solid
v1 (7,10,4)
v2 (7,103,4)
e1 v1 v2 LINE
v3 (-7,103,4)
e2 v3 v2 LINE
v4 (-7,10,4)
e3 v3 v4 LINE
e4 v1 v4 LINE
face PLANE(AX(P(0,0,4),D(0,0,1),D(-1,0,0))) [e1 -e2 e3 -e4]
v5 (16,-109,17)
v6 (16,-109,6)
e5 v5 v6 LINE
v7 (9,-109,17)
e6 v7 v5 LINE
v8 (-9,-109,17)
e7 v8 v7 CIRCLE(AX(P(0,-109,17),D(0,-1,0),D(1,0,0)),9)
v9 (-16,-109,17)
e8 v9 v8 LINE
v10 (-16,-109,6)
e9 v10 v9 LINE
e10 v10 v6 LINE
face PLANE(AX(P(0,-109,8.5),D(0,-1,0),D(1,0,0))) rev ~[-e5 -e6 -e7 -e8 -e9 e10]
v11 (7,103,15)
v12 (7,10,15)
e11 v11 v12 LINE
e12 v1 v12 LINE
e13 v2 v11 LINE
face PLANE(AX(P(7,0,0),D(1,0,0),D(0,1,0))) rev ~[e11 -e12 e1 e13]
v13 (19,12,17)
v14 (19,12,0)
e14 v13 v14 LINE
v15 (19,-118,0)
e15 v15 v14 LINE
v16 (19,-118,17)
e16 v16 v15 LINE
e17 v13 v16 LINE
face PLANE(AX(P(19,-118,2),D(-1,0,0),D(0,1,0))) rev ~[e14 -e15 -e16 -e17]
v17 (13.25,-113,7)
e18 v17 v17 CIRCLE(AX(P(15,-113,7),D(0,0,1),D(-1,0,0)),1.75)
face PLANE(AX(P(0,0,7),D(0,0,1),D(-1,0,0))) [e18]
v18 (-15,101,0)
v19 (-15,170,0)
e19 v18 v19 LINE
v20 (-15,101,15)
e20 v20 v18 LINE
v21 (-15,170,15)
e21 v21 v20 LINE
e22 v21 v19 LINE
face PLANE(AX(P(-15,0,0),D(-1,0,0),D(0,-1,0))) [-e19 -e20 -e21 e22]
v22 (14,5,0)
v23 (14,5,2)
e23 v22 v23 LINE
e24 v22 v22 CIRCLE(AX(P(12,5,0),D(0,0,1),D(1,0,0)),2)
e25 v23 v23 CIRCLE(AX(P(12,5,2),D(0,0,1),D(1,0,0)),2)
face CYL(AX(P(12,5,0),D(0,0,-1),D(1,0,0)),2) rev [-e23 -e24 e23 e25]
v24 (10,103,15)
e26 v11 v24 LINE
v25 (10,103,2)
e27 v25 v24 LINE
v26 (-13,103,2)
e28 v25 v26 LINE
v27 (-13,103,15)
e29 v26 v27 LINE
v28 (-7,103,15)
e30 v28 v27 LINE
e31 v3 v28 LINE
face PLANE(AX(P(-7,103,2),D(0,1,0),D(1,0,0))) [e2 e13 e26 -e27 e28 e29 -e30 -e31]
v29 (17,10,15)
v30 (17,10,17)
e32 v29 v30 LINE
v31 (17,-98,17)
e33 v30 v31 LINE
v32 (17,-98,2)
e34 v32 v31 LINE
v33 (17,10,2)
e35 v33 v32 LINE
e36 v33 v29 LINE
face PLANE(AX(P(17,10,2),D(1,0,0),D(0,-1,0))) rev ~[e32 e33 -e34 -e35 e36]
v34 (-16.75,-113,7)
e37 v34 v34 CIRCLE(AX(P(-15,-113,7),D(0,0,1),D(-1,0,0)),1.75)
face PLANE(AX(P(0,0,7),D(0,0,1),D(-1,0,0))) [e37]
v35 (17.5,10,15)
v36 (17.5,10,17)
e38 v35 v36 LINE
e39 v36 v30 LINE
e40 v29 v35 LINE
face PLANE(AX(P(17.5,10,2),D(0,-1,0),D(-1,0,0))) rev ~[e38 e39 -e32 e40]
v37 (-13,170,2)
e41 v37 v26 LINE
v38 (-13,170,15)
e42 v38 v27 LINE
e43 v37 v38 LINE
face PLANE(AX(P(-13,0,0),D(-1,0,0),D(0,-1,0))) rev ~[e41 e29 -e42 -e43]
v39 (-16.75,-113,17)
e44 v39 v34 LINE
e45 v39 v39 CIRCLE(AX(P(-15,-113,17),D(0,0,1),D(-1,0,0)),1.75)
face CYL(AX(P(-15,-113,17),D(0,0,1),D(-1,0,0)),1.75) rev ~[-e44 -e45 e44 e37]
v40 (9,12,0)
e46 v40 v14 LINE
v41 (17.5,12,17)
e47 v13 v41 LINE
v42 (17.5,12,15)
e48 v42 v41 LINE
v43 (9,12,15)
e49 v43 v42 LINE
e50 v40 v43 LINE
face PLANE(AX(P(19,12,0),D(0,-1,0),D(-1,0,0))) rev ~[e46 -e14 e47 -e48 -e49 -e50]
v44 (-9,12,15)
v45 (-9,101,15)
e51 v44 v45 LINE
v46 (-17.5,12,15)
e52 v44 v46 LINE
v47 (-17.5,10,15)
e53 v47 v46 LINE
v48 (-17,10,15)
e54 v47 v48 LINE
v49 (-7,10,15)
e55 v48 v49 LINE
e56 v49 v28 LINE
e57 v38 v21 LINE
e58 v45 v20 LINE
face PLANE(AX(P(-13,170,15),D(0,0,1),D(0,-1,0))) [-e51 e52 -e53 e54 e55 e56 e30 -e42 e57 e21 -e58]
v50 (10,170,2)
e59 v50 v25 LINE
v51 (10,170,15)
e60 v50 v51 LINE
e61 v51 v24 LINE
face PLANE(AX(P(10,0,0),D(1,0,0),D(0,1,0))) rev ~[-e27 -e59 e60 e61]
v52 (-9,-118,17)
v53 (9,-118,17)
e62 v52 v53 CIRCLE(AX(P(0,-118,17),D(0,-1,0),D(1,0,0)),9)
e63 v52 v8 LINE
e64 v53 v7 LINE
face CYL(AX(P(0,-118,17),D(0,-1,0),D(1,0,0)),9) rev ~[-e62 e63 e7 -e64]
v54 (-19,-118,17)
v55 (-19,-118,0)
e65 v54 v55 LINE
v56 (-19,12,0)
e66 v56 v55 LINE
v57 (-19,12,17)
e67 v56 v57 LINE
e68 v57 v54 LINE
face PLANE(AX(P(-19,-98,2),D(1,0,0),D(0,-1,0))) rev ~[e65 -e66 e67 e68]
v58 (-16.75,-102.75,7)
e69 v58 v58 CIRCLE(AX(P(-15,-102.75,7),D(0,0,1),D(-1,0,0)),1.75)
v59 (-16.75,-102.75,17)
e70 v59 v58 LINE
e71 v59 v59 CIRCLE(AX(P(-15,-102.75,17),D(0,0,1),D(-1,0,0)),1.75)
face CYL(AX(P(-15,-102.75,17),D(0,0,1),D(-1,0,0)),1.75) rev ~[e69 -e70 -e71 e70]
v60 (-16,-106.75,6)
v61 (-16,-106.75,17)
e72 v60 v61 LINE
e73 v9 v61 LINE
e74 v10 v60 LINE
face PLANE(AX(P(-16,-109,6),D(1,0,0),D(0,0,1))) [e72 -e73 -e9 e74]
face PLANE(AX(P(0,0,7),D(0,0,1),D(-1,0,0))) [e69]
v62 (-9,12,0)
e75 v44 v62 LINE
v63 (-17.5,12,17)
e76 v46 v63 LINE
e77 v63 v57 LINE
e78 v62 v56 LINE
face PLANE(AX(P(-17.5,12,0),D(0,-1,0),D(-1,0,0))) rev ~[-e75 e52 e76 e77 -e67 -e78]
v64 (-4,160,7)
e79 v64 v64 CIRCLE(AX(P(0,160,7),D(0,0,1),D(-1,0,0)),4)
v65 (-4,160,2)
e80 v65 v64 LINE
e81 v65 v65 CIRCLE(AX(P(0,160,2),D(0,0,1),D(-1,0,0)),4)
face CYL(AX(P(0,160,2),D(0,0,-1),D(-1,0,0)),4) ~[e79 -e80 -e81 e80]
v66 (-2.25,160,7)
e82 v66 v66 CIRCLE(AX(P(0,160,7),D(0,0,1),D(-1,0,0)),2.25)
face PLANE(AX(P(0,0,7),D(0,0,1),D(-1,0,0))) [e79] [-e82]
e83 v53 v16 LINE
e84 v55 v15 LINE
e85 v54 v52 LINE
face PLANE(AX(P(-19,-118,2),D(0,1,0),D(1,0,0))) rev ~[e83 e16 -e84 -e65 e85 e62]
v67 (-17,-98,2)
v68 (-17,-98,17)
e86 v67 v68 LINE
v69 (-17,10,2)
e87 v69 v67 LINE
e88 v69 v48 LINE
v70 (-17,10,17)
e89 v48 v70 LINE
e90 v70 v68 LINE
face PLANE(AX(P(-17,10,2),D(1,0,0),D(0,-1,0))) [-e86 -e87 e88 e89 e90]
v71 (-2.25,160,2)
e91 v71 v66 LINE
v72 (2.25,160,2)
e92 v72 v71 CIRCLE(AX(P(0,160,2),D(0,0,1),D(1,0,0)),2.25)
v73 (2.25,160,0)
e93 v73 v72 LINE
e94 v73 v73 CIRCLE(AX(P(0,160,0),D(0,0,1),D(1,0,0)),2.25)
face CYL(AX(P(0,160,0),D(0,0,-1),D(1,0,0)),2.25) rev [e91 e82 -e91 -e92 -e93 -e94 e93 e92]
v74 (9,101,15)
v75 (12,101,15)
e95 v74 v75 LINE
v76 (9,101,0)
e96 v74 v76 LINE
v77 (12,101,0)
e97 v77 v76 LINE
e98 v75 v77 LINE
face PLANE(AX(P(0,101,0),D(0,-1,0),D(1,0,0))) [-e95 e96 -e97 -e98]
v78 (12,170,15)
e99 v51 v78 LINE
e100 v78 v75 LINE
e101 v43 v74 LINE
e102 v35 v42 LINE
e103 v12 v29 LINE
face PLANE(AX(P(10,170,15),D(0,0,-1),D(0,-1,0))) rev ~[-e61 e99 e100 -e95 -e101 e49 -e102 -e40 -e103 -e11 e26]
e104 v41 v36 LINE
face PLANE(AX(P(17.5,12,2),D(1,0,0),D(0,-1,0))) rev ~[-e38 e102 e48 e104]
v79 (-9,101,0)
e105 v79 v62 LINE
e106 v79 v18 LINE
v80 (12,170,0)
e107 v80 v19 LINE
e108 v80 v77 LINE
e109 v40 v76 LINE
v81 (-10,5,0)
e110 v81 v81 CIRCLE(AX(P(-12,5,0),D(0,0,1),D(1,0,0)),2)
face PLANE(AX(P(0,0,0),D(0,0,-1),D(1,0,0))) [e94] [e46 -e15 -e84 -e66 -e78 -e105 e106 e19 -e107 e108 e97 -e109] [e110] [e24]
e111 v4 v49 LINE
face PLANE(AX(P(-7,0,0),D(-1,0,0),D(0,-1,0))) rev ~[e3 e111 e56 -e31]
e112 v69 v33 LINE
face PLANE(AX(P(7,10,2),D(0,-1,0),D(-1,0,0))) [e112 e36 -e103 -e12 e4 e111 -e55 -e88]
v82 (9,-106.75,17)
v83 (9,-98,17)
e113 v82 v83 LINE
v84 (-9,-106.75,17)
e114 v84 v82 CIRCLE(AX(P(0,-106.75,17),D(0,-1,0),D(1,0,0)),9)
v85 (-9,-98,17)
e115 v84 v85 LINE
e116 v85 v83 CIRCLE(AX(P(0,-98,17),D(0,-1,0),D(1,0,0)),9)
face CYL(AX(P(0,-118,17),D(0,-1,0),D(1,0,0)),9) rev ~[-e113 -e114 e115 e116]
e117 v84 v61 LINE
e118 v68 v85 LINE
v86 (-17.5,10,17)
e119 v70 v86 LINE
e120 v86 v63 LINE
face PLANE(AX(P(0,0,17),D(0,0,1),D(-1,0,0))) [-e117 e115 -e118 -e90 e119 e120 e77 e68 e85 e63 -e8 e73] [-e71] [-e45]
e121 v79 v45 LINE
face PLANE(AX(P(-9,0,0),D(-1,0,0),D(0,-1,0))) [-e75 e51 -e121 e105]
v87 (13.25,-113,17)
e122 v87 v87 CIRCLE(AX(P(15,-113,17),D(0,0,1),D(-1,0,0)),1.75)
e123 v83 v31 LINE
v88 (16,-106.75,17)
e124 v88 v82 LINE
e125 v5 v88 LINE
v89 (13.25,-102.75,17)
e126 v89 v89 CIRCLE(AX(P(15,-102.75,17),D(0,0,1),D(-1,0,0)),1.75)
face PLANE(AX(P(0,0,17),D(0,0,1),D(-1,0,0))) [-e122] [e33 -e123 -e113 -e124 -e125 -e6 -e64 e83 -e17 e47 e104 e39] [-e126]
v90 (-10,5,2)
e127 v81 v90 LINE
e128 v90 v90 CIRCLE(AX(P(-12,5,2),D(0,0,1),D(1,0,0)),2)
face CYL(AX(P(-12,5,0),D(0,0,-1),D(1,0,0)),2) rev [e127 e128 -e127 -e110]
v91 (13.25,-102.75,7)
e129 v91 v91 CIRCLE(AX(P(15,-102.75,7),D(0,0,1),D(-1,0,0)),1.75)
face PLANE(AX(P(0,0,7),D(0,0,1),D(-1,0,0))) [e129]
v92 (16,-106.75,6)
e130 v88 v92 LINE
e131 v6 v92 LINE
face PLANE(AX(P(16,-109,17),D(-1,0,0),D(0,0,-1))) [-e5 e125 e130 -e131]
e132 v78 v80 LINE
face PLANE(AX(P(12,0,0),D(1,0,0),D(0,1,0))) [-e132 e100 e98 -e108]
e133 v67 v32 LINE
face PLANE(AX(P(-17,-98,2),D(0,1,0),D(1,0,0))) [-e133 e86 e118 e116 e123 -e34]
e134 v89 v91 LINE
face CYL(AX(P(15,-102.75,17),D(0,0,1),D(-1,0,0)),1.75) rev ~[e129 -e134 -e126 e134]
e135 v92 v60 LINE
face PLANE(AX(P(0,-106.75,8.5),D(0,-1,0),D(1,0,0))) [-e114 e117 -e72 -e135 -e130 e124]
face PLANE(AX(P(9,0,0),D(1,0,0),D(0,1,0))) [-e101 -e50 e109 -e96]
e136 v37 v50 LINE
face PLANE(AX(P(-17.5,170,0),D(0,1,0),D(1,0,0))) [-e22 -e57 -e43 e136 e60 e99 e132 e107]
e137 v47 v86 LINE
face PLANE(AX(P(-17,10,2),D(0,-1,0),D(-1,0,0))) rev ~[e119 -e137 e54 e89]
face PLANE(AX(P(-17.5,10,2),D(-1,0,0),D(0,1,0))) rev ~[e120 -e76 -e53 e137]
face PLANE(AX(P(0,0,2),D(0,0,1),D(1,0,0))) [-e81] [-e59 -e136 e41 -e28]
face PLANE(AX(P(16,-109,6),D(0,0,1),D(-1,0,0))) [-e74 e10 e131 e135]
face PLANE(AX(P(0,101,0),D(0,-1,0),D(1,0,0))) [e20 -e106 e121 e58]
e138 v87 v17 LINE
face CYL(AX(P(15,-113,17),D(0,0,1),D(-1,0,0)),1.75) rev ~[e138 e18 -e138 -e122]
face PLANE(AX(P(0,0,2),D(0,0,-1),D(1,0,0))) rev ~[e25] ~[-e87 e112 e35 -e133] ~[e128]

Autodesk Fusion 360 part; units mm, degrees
sketch "スケッチ1" plane through (0, 0, 0) normal (0, 0, 1) x (1, 0, 0)
  line L0 (-17.5, 170) -> (17.5, 170)
  line L1 (17.5, 170) -> (17.5, 0)
  line L2 (17.5, 0) -> (-17.5, 0)
  line L3 (-17.5, 0) -> (-17.5, 170)
  circle A0 centre (12, 5) radius 2
  circle A1 centre (-12, 5) radius 2
  line L4 (12, 5) -> (-12, 5) construction
  circle A2 centre (0, 160) radius 2.25
  dimension "d1" = 170
  dimension "d2" = 35
  dimension "d3" = 4
  dimension "d4" = 4
  dimension "d5" = 24
  dimension "d6" = 5
  dimension "d7" = 5.5
  dimension "d8" = 4.5
  dimension "d9" = 155
extrude "押し出し1" add sketch "スケッチ1" along normal blind 2 makes body 1
sketch "スケッチ2" plane through (0, 0, 2) normal (0, 0, 1) x (-1, 0, 0)
  circle A0 centre (-12, -5) radius 2
  circle A1 centre (0, -160) radius 2.25
  circle A2 centre (12, -5) radius 2
  line L0 (17.5, 0) -> (-17.5, 0)
  line L1 (-17.5, 0) -> (-17.5, -170)
  line L2 (-17.5, -170) -> (17.5, -170)
  line L3 (17.5, -170) -> (17.5, 0)
  line L4 (-7, -170) -> (-17.5, -170)
  line L5 (-17.5, -170) -> (-17.5, -10)
  line L6 (-17.5, -10) -> (-7, -10)
  line L7 (-7, -10) -> (-7, -170)
  line L8 (17.5, -170) -> (7, -170)
  line L9 (7, -170) -> (7, -10)
  line L10 (7, -10) -> (17.5, -10)
  line L11 (17.5, -10) -> (17.5, -170)
  dimension "d12" = 10.5
  dimension "d13" = 10
  dimension "d14" = 10.5
  dimension "d15" = 10
extrude "押し出し2" cut sketch "スケッチ2" against normal blind 2 contours L2 L3 L8 L9 L10 L11 | L1 L2 L4 L5 L6 L7 bodies 1
sketch "スケッチ3" plane through (7, 0, 0) normal (1, 0, 0) x (0, 1, 0)
  line L0 (170, 2) -> (10, 2)
  line L1 (10, 2) -> (10, 0)
  line L2 (10, 0) -> (170, 0)
  line L3 (170, 0) -> (170, 2)
  line L4 (10, 15) -> (103, 15)
  line L5 (103, 15) -> (103, 0)
  line L6 (103, 0) -> (10, 0)
  line L7 (10, 0) -> (10, 15)
  dimension "d18" = 15
  dimension "d19" = 93
extrude "押し出し3" add sketch "スケッチ3" along normal blind 2 separate body contours L0 L1 L2 L5 L6 L7 | L0 L4 L5 L7 makes body 2
sketch "スケッチ4" plane through (-7, 0, 0) normal (-1, 0, 0) x (0, -1, 0)
  line L0 (-10, 2) -> (-170, 2)
  line L1 (-170, 2) -> (-170, 0)
  line L2 (-170, 0) -> (-10, 0)
  line L3 (-10, 0) -> (-10, 2)
  line L4 (-10, 15) -> (-103, 15)
  line L5 (-103, 15) -> (-103, 0)
  line L6 (-103, 0) -> (-10, 0)
  line L7 (-10, 0) -> (-10, 15)
  line L8 (-103, 15) -> (-103, 0)
  line L9 (-10, 0) -> (-10, 15)
  line L10 (-10, 15) -> (-103, 15)
extrude "押し出し4" add sketch "スケッチ4" along normal blind 2 separate body contours L0 L2 L3 L5 L6 L7 L8 L9 | L0 L4 L5 L7 L8 L9 L10 makes body 3
sketch "スケッチ5" plane through (0, 0, 2) normal (0, 0, 1) x (-1, 0, 0)
  line L0 (7, -170) -> (7, -10)
  line L1 (7, -10) -> (17.5, -10)
  line L2 (17.5, -10) -> (17.5, 0)
  line L3 (17.5, 0) -> (-17.5, 0)
  line L4 (-17.5, 0) -> (-17.5, -10)
  line L5 (-17.5, -10) -> (-7, -10)
  line L6 (-7, -10) -> (-7, -170)
  line L7 (-7, -170) -> (7, -170)
  circle A0 centre (12, -5) radius 2
  circle A1 centre (0, -160) radius 2.25
  circle A2 centre (-12, -5) radius 2
  line L8 (-7, -170) -> (-10, -170)
  line L9 (-10, -170) -> (-10, -103)
  line L10 (-10, -103) -> (-7, -103)
  line L11 (-7, -103) -> (-7, -170)
  line L12 (-7, -103) -> (-9, -103)
  line L13 (7, -170) -> (13, -170)
  line L14 (13, -170) -> (13, -103)
  line L15 (13, -103) -> (7, -103)
  line L16 (7, -103) -> (7, -170)
  line L17 (7, -103) -> (9, -103)
  dimension "d24" = 3
  dimension "d25" = 6
extrude "押し出し5" add sketch "スケッチ5" against normal blind 2 contours L0 L13 L14 L15 L16 L17 | L6 L8 L9 L10 L11 L12 bodies 1 2 3
sketch "スケッチ10" plane through (-13, 0, 0) normal (-1, 0, 0) x (0, -1, 0)
  line L0 (-103, 2) -> (-170, 2)
  line L1 (-170, 2) -> (-170, 0)
  line L2 (-170, 0) -> (-103, 0)
  line L3 (-103, 0) -> (-103, 2)
  line L4 (-103, 0) -> (-170, 0)
  line L5 (-170, 0) -> (-170, 15)
  line L6 (-170, 15) -> (-103, 15)
  line L7 (-103, 15) -> (-103, 0)
  point P0 (-103, 15)
extrude "押し出し8" add sketch "スケッチ10" along normal blind 2 separate body makes body 4
sketch "スケッチ11" plane through (10, 0, 0) normal (1, 0, 0) x (0, 1, 0)
  line L0 (170, 2) -> (103, 2)
  line L1 (103, 2) -> (103, 0)
  line L2 (103, 0) -> (170, 0)
  line L3 (170, 0) -> (170, 2)
  line L4 (103, 0) -> (170, 0)
  line L5 (170, 0) -> (170, 15)
  line L6 (170, 15) -> (103, 15)
  line L7 (103, 15) -> (103, 0)
  line L8 (103, 15) -> (10, 15)
extrude "押し出し9" add sketch "スケッチ11" along normal blind 2 separate body makes body 5
sketch "スケッチ12" plane through (0, 103, 0) normal (0, -1, 0) x (1, 0, 0)
  line L0 (-13, 0) -> (-13, 15)
  line L1 (-13, 15) -> (-15, 15)
  line L2 (-15, 15) -> (-15, 0)
  line L3 (-15, 0) -> (-13, 0)
  line L4 (-15, 15) -> (-7, 15)
  line L5 (-7, 15) -> (-7, 0)
  line L6 (-7, 0) -> (-15, 0)
  line L7 (-15, 0) -> (-15, 15)
  line L8 (-7, 2) -> (-7, 15)
  line L9 (17.5, 0) -> (-17.5, 0)
  line L10 (7, 15) -> (12, 15)
  line L11 (12, 15) -> (12, 0)
  line L12 (12, 0) -> (7, 0)
  line L13 (7, 0) -> (7, 15)
  line L14 (12, 15) -> (12, 0)
  line L15 (7, 2) -> (7, 15)
  line L16 (10, 15) -> (12, 15)
extrude "押し出し10" add sketch "スケッチ12" along normal blind 2 bodies 1 4 5
sketch "スケッチ13" plane through (0, 10, 0) normal (0, 1, 0) x (-1, 0, 0)
  line L0 (-9, 0) -> (-9, 2)
  line L1 (-9, 2) -> (-17.5, 2)
  line L2 (-17.5, 2) -> (-17.5, 0)
  line L3 (-17.5, 0) -> (-9, 0)
  line L4 (-17.5, 0) -> (-7, 0)
  line L5 (-7, 0) -> (-7, 15)
  line L6 (-7, 15) -> (-17.5, 15)
  line L7 (-17.5, 15) -> (-17.5, 0)
  line L8 (7, 15) -> (17.5, 15)
  line L9 (17.5, 15) -> (17.5, 0)
  line L10 (17.5, 0) -> (7, 0)
  line L11 (7, 0) -> (7, 15)
  point P0 (-7, 15)
  point P1 (7, 15)
  point P2 (17.5, 0)
extrude "押し出し11" add sketch "スケッチ13" along normal blind 2 bodies 1
sketch "スケッチ14" plane through (0, 0, 2) normal (0, 0, 1) x (-1, 0, 0)
  line L0 (7, -103) -> (7, -10)
  line L1 (7, -10) -> (17.5, -10)
  line L2 (17.5, -10) -> (17.5, 0)
  line L3 (17.5, 0) -> (-17.5, 0)
  line L4 (-17.5, 0) -> (-17.5, -10)
  line L5 (-17.5, -10) -> (-7, -10)
  line L6 (-7, -10) -> (-7, -103)
  line L7 (-7, -103) -> (-10, -103)
  line L8 (-10, -103) -> (-10, -170)
  line L9 (-10, -170) -> (13, -170)
  line L10 (13, -170) -> (13, -103)
  line L11 (13, -103) -> (7, -103)
  circle A0 centre (12, -5) radius 2
  circle A1 centre (0, -160) radius 2.25
  circle A2 centre (-12, -5) radius 2
  line L12 (7, -103) -> (-7, -103)
  line L13 (-7, -103) -> (-7, -10)
  line L14 (-7, -10) -> (7, -10)
  line L15 (7, -10) -> (7, -103)
extrude "押し出し12" add sketch "スケッチ14" along normal blind 2 contours L0 L6 L12 L13 L14 L15 bodies 1
sketch "スケッチ15" plane through (0, 0, 2) normal (0, 0, 1) x (-1, 0, 0)
  circle A0 centre (0, -160) radius 2.25
  line L0 (13, -103) -> (-10, -103)
  line L1 (-10, -103) -> (-10, -170)
  line L2 (-10, -170) -> (13, -170)
  line L3 (13, -170) -> (13, -103)
  circle A1 centre (0, -160) radius 4
  dimension "d43" = 8
extrude "押し出し13" add sketch "スケッチ15" along normal blind 5 contours A1 bodies 1
sketch "スケッチ19" plane through (0, 0, 0) normal (0, 0, -1) x (1, 0, 0)
  line L0 (-9, -12) -> (-9, -101)
  line L1 (-9, -101) -> (-15, -101)
  line L2 (-15, -101) -> (-15, -170)
  line L3 (-15, -170) -> (12, -170)
  line L4 (12, -170) -> (12, -101)
  line L5 (12, -101) -> (9, -101)
  line L6 (9, -101) -> (9, -12)
  line L7 (9, -12) -> (17.5, -12)
  line L8 (17.5, -12) -> (17.5, 0)
  line L9 (17.5, 0) -> (-17.5, 0)
  line L10 (-17.5, 0) -> (-17.5, -12)
  line L11 (-17.5, -12) -> (-9, -12)
  circle A0 centre (-12, -5) radius 2
  circle A1 centre (0, -160) radius 2.25
  circle A2 centre (12, -5) radius 2
  line L12 (19, -12) -> (-19, -12)
  line L13 (-19, -12) -> (-19, 118)
  line L14 (-19, 118) -> (19, 118)
  line L15 (19, 118) -> (19, -12)
  line L16 (0, -1.75) -> (0, -22.5)
  dimension "d53" = 130
  dimension "d54" = 38
extrude "押し出し16" add sketch "スケッチ19" against normal blind 2 contours L8 L9 L10 L12 L13 L14 L15 bodies 1
sketch "スケッチ21" plane through (0, 0, 2) normal (0, 0, 1) x (-1, 0, 0)
  line L0 (-17.5, -10) -> (17.5, -10)
  line L1 (17.5, -10) -> (17.5, -12)
  line L2 (17.5, -12) -> (19, -12)
  line L3 (19, -12) -> (19, 118)
  line L4 (19, 118) -> (-19, 118)
  line L5 (-19, 118) -> (-19, -12)
  line L6 (-19, -12) -> (-17.5, -12)
  line L7 (-17.5, -12) -> (-17.5, -10)
  circle A0 centre (12, -5) radius 2
  circle A1 centre (-12, -5) radius 2
  line L8 (19, -12) -> (17, -12)
  line L9 (17, -12) -> (17, 98)
  line L10 (17, 98) -> (19, 98)
  line L11 (19, 98) -> (19, -12)
  line L12 (-19, -12) -> (-17, -12)
  line L13 (-17, -12) -> (-17, 98)
  line L14 (-17, 98) -> (-19, 98)
  line L15 (-19, 98) -> (-19, -12)
  dimension "d59" = 110
  dimension "d60" = 110
  dimension "d61" = 2
  dimension "d62" = 2
extrude "押し出し17" add sketch "スケッチ21" along normal blind 15 contours L0 L5 L6 L7 L12 L13 L14 L15 | L0 L1 L2 L3 L8 L9 L10 L11 bodies 1
sketch "スケッチ22" plane through (0, 0, 2) normal (0, 0, 1) x (-1, 0, 0)
  circle A0 centre (-12, -5) radius 2
  circle A1 centre (12, -5) radius 2
  line L0 (-19, 98) -> (-17, 98)
  line L1 (-17, 98) -> (-17, -10)
  line L2 (-17, -10) -> (17, -10)
  line L3 (17, -10) -> (17, 98)
  line L4 (17, 98) -> (19, 98)
  line L5 (19, 98) -> (19, 118)
  line L6 (19, 118) -> (-19, 118)
  line L7 (-19, 118) -> (-19, 98)
  line L8 (-19, 118) -> (19, 118)
  line L9 (19, 118) -> (19, 98)
  line L10 (19, 98) -> (-19, 98)
  line L11 (-19, 98) -> (-19, 118)
extrude "押し出し18" add sketch "スケッチ22" along normal blind 15 contours L0 L4 L5 L6 L7 L8 L9 L10 L11 bodies 1
sketch "スケッチ25" plane through (0, -118, 0) normal (0, -1, 0) x (1, 0, 0)
  line L0 (-19, 0) -> (19, 0)
  line L1 (19, 0) -> (19, 17)
  line L2 (19, 17) -> (-19, 17)
  line L3 (-19, 17) -> (-19, 0)
  circle A0 centre (0, 17) radius 9
  dimension "d69" = 18
extrude "押し出し19" cut sketch "スケッチ25" against normal up to surface (20 mm away) contours L2 A0 picked at (-1.096, 14.2074) bodies 1
ref_plane "作業平面3" through (0, -109, 8.5) normal (0, -1, 0) x (1, 0, 0)
sketch "スケッチ26" plane through (0, -109, 8.5) normal (0, -1, 0) x (1, 0, 0)
  line L0 (-16, 8.5) -> (16, 8.5)
  line L1 (16, 8.5) -> (16, -2.5)
  line L2 (16, -2.5) -> (-16, -2.5)
  line L3 (-16, -2.5) -> (-16, 8.5)
  line L4 (9, 8.5) -> (19, 8.5)
  line L5 (0, -6.75) -> (0, 14)
  dimension "d73" = 32
  dimension "d74" = 11
extrude "押し出し20" cut sketch "スケッチ26" against normal blind 2.25 bodies 1
sketch "スケッチ29" plane through (0, 0, 17) normal (0, 0, 1) x (-1, 0, 0)
  line L0 (16, 106.75) -> (9, 106.75)
  line L1 (9, 106.75) -> (9, 98)
  line L2 (9, 98) -> (17, 98)
  line L3 (17, 98) -> (17, -10)
  line L4 (17, -10) -> (17.5, -10)
  line L5 (17.5, -10) -> (17.5, -12)
  line L6 (17.5, -12) -> (19, -12)
  line L7 (19, -12) -> (19, 118)
  line L8 (19, 118) -> (9, 118)
  line L9 (9, 118) -> (9, 109)
  line L10 (9, 109) -> (16, 109)
  line L11 (16, 109) -> (16, 106.75)
  line L12 (15, 102.75) -> (-15, 102.75) construction
  line L13 (-15, 102.75) -> (-15, 113) construction
  line L14 (-15, 113) -> (15, 113) construction
  line L15 (15, 113) -> (15, 102.75) construction
  line L16 (-16, 106.75) -> (-16, 109) construction
  circle A0 centre (15, 102.75) radius 1.75
  circle A1 centre (15, 113) radius 1.75
  circle A2 centre (-15, 113) radius 1.75
  circle A3 centre (-15, 102.75) radius 1.75
  dimension "d85" = 1
  dimension "d86" = 4
  dimension "d87" = 4
  dimension "d88" = 1
  dimension "d89" = 3.5
  dimension "d90" = 3.5
  dimension "d91" = 3.5
  dimension "d92" = 3.5
extrude "押し出し22" cut sketch "スケッチ29" against normal blind 10 contours A0 | A1 | A2 | A3 bodies 1
